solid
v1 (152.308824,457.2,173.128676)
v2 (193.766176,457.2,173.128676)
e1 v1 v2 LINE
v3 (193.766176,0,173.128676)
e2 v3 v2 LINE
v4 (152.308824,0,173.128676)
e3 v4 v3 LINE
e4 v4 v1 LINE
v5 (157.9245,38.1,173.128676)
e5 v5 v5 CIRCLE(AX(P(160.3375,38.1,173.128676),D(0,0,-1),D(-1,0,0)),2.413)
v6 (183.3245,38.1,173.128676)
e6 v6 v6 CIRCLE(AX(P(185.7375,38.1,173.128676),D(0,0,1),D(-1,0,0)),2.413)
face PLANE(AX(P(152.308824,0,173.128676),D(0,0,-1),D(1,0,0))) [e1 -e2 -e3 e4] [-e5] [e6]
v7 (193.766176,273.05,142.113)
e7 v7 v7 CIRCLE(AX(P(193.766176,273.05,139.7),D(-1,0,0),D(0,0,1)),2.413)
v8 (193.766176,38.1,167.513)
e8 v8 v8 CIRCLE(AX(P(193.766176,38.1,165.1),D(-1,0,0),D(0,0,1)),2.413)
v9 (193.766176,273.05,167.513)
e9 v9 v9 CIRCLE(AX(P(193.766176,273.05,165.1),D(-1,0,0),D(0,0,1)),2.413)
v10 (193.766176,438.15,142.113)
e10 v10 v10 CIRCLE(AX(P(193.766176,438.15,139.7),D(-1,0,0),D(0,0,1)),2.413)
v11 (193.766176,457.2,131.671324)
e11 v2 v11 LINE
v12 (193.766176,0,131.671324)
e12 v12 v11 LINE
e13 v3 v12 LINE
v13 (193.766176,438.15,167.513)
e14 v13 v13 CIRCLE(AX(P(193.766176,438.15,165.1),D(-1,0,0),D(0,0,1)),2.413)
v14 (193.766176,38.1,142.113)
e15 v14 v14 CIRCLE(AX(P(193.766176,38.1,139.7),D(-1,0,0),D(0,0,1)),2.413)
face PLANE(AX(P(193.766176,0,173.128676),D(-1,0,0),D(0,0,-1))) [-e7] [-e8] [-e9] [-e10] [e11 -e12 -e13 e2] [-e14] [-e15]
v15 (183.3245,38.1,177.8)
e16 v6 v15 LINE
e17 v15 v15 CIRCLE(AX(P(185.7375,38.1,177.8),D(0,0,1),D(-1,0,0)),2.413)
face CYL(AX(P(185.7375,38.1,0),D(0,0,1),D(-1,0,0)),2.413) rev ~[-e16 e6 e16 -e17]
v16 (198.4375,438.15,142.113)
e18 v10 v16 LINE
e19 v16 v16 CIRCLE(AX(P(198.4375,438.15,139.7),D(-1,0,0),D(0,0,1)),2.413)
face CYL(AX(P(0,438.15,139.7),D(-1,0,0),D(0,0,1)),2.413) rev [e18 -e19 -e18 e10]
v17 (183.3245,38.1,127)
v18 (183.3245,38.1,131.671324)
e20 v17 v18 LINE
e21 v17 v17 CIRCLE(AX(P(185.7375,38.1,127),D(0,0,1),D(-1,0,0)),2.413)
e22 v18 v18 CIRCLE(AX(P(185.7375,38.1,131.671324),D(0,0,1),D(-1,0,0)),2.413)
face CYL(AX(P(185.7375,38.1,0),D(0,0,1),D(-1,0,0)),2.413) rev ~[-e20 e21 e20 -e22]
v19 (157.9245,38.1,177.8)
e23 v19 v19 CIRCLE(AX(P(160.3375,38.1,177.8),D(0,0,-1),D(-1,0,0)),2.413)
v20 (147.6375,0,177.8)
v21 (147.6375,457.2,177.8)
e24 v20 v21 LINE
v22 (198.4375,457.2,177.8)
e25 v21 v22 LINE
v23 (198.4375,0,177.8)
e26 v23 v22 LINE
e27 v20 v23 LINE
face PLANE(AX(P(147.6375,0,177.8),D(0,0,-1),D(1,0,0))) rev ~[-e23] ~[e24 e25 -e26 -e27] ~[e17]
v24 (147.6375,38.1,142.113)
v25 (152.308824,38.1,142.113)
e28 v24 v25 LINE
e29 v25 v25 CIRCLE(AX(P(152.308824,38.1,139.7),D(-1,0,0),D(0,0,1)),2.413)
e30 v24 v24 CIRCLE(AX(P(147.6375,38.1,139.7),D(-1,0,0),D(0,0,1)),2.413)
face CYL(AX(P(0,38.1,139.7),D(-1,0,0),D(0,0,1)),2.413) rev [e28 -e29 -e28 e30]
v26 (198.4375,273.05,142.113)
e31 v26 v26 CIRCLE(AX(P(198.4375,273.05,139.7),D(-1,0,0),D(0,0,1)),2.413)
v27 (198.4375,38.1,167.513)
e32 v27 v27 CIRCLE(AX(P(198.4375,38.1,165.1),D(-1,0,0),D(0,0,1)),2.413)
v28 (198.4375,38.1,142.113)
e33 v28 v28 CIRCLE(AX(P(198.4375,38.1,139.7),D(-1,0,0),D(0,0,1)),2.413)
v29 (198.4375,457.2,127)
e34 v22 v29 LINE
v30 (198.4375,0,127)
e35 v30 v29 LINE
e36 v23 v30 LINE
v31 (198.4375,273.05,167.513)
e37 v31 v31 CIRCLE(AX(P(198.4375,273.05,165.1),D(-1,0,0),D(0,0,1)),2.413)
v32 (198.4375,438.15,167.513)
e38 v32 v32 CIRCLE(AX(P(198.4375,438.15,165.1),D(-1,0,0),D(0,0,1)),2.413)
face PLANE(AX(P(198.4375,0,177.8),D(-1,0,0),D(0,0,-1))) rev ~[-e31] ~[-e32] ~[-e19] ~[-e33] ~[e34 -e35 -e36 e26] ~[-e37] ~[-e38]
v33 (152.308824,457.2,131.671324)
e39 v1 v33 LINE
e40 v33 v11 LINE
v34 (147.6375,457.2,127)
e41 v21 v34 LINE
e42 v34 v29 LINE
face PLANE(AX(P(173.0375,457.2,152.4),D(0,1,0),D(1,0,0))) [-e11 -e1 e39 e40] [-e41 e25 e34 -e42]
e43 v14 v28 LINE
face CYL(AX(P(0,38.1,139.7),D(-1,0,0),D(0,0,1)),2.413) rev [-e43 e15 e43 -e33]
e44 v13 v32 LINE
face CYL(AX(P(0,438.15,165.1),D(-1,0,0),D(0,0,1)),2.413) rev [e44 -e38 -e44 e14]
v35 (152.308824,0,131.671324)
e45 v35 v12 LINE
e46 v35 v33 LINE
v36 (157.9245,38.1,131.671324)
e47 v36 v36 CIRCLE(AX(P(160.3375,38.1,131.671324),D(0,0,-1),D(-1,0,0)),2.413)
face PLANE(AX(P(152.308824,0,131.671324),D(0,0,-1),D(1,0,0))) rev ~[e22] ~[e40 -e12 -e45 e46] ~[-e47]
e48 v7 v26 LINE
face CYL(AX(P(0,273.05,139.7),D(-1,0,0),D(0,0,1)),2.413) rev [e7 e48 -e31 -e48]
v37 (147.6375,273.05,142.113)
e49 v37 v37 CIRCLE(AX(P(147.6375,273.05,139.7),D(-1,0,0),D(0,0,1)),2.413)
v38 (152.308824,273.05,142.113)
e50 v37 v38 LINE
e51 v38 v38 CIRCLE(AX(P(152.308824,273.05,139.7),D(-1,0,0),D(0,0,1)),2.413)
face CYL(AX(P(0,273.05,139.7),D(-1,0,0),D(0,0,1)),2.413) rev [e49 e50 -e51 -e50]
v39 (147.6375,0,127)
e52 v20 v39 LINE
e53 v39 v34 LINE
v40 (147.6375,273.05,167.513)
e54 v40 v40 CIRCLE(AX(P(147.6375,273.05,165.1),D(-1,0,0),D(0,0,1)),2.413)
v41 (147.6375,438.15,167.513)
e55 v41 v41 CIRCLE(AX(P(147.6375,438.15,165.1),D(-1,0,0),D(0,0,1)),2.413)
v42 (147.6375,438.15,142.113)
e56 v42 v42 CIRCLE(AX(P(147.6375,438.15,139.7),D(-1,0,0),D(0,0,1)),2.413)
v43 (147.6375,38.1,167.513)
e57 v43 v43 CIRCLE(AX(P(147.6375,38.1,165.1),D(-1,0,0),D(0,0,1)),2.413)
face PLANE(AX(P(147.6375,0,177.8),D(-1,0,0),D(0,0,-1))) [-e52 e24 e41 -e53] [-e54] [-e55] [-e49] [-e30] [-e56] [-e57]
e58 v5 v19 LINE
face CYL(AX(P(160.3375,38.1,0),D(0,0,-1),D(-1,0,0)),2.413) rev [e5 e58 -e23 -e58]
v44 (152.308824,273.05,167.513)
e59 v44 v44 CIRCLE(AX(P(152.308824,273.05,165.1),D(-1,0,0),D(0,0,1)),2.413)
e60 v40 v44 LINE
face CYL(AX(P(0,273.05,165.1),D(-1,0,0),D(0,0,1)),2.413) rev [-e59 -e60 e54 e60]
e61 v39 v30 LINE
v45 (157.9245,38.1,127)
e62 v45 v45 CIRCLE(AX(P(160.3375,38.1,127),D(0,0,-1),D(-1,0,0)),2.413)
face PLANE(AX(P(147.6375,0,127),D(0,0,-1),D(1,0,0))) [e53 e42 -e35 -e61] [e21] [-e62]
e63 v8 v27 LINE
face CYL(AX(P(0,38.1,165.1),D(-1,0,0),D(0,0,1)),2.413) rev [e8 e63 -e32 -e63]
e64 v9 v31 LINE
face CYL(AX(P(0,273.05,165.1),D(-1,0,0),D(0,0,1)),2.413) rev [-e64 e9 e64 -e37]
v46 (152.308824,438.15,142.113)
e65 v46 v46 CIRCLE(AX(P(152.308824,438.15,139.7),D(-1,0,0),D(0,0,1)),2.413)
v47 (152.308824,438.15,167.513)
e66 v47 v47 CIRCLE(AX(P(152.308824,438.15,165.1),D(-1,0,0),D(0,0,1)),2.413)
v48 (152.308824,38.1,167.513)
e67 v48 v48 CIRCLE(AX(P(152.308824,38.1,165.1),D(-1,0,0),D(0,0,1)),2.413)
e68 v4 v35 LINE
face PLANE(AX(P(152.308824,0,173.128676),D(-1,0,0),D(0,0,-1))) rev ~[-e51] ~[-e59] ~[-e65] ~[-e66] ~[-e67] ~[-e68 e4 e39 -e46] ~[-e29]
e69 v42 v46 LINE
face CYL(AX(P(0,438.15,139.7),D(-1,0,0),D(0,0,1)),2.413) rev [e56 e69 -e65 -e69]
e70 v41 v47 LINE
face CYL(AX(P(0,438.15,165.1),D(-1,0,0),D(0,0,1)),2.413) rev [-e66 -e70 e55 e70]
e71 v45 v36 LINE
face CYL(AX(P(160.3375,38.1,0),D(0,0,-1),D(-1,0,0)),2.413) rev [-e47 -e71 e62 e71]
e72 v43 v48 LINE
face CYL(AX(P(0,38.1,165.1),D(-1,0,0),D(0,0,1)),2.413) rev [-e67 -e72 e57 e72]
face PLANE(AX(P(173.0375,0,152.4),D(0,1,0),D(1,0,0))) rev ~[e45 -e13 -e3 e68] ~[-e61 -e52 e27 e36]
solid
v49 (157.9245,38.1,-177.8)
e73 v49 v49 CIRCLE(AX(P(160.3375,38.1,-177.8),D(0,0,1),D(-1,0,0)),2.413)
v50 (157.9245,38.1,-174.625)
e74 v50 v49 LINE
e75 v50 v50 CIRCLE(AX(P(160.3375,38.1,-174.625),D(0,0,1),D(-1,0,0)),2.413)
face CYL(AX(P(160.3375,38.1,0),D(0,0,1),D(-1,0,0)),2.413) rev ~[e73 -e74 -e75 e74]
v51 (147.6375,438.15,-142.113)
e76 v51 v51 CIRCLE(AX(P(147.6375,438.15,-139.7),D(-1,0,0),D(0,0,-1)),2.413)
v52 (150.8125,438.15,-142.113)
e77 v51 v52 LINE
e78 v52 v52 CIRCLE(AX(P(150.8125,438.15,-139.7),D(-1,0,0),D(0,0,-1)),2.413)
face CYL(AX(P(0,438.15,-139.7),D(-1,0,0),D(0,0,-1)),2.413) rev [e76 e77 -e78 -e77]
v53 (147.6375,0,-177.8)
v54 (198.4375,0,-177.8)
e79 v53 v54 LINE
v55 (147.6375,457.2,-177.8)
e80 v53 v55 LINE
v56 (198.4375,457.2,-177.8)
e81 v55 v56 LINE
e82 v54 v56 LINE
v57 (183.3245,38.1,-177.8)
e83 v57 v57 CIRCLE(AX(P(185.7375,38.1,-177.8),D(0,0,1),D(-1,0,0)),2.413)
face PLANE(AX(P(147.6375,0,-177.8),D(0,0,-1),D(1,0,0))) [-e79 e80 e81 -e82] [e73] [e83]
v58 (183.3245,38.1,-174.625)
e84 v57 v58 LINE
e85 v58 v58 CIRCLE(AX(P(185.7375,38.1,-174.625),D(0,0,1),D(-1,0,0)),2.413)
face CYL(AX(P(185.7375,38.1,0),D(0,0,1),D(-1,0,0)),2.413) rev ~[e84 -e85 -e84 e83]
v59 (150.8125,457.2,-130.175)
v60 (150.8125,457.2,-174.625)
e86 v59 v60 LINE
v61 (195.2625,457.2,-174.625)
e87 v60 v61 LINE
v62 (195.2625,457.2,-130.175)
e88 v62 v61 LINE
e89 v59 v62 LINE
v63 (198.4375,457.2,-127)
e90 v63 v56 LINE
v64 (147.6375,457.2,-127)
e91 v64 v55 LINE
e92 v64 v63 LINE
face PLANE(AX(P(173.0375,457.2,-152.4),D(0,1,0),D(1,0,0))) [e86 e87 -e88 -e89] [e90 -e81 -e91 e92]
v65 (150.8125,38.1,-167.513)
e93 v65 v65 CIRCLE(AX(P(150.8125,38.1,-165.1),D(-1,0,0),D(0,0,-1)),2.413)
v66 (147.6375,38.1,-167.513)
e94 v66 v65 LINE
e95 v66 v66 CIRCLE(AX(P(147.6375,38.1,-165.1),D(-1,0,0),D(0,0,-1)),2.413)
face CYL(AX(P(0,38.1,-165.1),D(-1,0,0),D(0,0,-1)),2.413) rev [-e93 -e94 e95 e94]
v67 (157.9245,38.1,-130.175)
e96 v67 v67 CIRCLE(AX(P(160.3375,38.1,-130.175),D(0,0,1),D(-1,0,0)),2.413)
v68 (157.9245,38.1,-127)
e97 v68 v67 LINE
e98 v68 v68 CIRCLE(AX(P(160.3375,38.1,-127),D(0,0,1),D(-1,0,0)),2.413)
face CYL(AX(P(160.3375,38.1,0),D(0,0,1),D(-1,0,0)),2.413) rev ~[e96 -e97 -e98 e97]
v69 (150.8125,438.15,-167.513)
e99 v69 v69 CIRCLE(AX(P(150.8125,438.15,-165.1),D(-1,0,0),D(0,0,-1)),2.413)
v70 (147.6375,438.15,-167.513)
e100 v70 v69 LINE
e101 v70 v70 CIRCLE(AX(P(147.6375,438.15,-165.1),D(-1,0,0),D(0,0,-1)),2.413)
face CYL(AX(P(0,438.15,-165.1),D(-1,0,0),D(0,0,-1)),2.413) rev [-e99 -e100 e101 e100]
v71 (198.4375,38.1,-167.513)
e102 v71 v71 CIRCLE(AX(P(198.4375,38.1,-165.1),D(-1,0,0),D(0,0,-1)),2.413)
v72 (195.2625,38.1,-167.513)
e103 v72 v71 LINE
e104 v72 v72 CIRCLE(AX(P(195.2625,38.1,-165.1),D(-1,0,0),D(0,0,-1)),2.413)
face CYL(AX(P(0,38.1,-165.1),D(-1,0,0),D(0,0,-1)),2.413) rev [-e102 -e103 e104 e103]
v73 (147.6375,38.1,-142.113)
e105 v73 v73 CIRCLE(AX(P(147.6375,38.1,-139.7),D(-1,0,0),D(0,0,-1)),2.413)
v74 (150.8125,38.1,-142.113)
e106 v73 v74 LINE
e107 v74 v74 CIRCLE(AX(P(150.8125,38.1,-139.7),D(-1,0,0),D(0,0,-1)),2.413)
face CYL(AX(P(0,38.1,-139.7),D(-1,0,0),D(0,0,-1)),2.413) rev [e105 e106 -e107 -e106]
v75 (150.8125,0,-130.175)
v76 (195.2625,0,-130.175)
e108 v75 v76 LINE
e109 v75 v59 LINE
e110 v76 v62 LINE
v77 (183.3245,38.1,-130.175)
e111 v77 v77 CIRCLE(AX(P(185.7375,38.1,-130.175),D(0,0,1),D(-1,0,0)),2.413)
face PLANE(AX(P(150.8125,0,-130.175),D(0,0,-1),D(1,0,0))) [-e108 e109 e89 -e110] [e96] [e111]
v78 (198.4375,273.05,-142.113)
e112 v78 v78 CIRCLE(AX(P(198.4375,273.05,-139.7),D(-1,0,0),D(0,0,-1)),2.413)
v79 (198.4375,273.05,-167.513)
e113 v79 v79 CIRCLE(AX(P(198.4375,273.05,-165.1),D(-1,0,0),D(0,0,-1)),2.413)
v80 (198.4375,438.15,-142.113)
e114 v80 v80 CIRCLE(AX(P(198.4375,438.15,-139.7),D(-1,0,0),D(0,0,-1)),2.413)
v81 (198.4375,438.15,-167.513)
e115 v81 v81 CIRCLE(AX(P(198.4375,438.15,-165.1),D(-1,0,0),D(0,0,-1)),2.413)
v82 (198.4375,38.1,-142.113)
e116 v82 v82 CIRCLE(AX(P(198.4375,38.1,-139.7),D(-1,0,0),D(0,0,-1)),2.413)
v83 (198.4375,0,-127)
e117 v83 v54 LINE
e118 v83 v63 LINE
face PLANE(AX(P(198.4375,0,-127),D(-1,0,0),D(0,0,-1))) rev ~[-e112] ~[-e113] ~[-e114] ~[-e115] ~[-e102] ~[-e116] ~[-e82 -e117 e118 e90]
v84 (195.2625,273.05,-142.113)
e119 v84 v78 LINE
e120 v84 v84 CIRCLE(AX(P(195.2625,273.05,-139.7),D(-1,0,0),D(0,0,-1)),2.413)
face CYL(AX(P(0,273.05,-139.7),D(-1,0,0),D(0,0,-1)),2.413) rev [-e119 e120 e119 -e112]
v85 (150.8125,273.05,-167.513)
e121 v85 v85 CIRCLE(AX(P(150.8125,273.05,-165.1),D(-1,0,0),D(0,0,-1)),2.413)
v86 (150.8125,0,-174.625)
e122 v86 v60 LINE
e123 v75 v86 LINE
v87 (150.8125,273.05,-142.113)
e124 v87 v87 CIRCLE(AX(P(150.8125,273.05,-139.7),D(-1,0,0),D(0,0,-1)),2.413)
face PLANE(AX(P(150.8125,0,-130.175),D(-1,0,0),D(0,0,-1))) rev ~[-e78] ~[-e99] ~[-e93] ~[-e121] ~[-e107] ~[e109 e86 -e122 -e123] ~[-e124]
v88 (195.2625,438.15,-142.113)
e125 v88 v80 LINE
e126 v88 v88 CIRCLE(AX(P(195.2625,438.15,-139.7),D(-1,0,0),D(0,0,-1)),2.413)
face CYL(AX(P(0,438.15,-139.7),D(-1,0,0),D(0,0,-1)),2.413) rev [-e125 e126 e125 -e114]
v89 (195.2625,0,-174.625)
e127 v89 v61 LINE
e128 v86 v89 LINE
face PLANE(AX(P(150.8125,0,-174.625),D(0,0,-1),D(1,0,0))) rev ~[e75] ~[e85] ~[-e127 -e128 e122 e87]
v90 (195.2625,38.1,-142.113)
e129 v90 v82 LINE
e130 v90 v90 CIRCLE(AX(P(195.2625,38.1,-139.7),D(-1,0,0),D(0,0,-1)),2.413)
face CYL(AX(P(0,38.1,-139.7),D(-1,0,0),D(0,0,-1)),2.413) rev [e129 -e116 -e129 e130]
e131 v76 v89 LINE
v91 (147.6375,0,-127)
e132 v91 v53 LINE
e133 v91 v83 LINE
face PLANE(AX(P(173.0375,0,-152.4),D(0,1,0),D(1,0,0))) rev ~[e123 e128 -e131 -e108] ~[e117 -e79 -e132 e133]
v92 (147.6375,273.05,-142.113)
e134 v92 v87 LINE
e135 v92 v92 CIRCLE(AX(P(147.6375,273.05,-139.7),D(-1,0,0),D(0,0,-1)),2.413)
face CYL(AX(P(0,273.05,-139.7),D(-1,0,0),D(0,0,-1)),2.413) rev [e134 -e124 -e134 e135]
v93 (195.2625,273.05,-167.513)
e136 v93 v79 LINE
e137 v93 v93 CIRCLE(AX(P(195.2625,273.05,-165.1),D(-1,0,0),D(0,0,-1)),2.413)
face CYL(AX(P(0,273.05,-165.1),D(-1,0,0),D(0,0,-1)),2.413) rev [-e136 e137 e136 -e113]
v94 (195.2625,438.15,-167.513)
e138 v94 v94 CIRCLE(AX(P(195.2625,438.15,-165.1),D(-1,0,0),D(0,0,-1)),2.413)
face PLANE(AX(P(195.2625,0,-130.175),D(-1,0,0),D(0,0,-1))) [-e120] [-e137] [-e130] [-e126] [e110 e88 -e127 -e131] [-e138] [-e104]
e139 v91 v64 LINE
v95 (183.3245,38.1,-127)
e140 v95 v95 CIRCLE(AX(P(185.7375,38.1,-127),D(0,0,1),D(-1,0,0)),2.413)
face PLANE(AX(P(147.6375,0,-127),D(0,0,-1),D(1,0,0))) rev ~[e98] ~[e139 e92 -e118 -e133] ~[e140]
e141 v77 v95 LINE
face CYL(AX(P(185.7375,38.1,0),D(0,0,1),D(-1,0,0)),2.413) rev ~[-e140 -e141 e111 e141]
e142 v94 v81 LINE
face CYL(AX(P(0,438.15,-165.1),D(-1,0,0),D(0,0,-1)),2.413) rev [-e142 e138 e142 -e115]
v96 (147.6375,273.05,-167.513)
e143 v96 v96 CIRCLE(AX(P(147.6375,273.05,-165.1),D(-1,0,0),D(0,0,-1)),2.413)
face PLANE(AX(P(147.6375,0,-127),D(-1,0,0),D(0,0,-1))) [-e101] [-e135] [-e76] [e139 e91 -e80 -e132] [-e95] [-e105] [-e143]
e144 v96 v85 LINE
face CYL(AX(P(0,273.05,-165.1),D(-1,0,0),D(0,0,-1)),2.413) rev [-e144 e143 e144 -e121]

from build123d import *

# Parameters (mm, degrees)
SKETCH1_W             = 50.8
SKETCH1_H             = 50.8
SKETCH1_W_2           = 44.45
SKETCH1_H_2           = 44.45
BOSS_EXTRUDE2_DEPTH   = 457.2
SKETCH1_W_3           = 41.457352758
SKETCH1_H_3           = 41.457352758
BOSS_EXTRUDE2_2_DEPTH = 457.2
SKETCH3_R             = 2.413
CUT_EXTRUDE2_DEPTH    = 530.171164564
SKETCH4_R             = 2.413
CUT_EXTRUDE3_DEPTH    = 530.171164564
SKETCH2_R             = 2.413
CUT_EXTRUDE4_DEPTH    = 254


with BuildPart() as part:
    # Sketch1 → Boss-Extrude2 (new body)
    with BuildSketch(Plane(origin=(0, 0, 0), x_dir=(1, 0, 0), z_dir=(0, 1, 0))):
        with Locations((173.0375, 152.4)):
            Rectangle(SKETCH1_W, SKETCH1_H)
        with Locations((173.0375, 152.4)):
            Rectangle(SKETCH1_W_2, SKETCH1_H_2, mode=Mode.SUBTRACT)
    extrude(amount=BOSS_EXTRUDE2_DEPTH)


with BuildPart() as body_2:
    # Sketch1 → Boss-Extrude2 2 (new body)
    with BuildSketch(Plane(origin=(0, 0, 0), x_dir=(1, 0, 0), z_dir=(0, 1, 0))):
        with Locations((173.0375, -152.4)):
            Rectangle(SKETCH1_W, SKETCH1_H)
        with Locations((173.0375, -152.4)):
            Rectangle(SKETCH1_W_3, SKETCH1_H_3, mode=Mode.SUBTRACT)
    extrude(amount=BOSS_EXTRUDE2_2_DEPTH)


with BuildPart() as cut_extrude2_tool:
    # Sketch3 → Cut-Extrude2 (new, through all)
    with BuildSketch(Plane(origin=(0, 0, 0), x_dir=(0, 0, -1), z_dir=(1, 0, 0))):
        with Locations((-165.1, 438.15)):
            Circle(SKETCH3_R)
        with Locations((-165.1, 273.05)):
            Circle(SKETCH3_R)
        with Locations((-139.7, 273.05)):
            Circle(SKETCH3_R)
        with Locations((-139.7, 438.15)):
            Circle(SKETCH3_R)
        with Locations((139.7, 438.15)):
            Circle(SKETCH3_R)
        with Locations((139.7, 273.05)):
            Circle(SKETCH3_R)
        with Locations((165.1, 273.05)):
            Circle(SKETCH3_R)
        with Locations((165.1, 438.15)):
            Circle(SKETCH3_R)
    extrude(amount=CUT_EXTRUDE2_DEPTH)


with BuildPart() as part_1:
    add(part.part)

    # Cut-Extrude2: cut by cut_extrude2_tool
    add(cut_extrude2_tool.part, mode=Mode.SUBTRACT)


with BuildPart() as body_2_1:
    add(body_2.part)

    # Cut-Extrude2: cut by cut_extrude2_tool
    add(cut_extrude2_tool.part, mode=Mode.SUBTRACT)


with BuildPart() as cut_extrude3_tool:
    # Sketch4 → Cut-Extrude3 (new, through all)
    with BuildSketch(Plane(origin=(0, 0, 0), x_dir=(0, 0, -1), z_dir=(1, 0, 0))):
        with Locations((-165.1, 38.1)):
            Circle(SKETCH4_R)
        with Locations((-139.7, 38.1)):
            Circle(SKETCH4_R)
        with Locations((139.7, 38.1)):
            Circle(SKETCH4_R)
        with Locations((165.1, 38.1)):
            Circle(SKETCH4_R)
    extrude(amount=CUT_EXTRUDE3_DEPTH)


with BuildPart() as part_2:
    add(part_1.part)

    # Cut-Extrude3: cut by cut_extrude3_tool
    add(cut_extrude3_tool.part, mode=Mode.SUBTRACT)


with BuildPart() as body_2_2:
    add(body_2_1.part)

    # Cut-Extrude3: cut by cut_extrude3_tool
    add(cut_extrude3_tool.part, mode=Mode.SUBTRACT)


with BuildPart() as cut_extrude4_tool:
    # Sketch2 → Cut-Extrude4 (new, symmetric)
    with BuildSketch(Plane.XY):
        with Locations((185.7375, 38.1)):
            Circle(SKETCH2_R)
        with Locations((160.3375, 38.1)):
            Circle(SKETCH2_R)
    extrude(amount=CUT_EXTRUDE4_DEPTH, both=True)


with BuildPart() as part_3:
    add(part_2.part)

    # Cut-Extrude4: cut by cut_extrude4_tool
    add(cut_extrude4_tool.part, mode=Mode.SUBTRACT)


with BuildPart() as body_2_3:
    add(body_2_2.part)

    # Cut-Extrude4: cut by cut_extrude4_tool
    add(cut_extrude4_tool.part, mode=Mode.SUBTRACT)


solid = Compound([part_3.part, body_2_3.part])
